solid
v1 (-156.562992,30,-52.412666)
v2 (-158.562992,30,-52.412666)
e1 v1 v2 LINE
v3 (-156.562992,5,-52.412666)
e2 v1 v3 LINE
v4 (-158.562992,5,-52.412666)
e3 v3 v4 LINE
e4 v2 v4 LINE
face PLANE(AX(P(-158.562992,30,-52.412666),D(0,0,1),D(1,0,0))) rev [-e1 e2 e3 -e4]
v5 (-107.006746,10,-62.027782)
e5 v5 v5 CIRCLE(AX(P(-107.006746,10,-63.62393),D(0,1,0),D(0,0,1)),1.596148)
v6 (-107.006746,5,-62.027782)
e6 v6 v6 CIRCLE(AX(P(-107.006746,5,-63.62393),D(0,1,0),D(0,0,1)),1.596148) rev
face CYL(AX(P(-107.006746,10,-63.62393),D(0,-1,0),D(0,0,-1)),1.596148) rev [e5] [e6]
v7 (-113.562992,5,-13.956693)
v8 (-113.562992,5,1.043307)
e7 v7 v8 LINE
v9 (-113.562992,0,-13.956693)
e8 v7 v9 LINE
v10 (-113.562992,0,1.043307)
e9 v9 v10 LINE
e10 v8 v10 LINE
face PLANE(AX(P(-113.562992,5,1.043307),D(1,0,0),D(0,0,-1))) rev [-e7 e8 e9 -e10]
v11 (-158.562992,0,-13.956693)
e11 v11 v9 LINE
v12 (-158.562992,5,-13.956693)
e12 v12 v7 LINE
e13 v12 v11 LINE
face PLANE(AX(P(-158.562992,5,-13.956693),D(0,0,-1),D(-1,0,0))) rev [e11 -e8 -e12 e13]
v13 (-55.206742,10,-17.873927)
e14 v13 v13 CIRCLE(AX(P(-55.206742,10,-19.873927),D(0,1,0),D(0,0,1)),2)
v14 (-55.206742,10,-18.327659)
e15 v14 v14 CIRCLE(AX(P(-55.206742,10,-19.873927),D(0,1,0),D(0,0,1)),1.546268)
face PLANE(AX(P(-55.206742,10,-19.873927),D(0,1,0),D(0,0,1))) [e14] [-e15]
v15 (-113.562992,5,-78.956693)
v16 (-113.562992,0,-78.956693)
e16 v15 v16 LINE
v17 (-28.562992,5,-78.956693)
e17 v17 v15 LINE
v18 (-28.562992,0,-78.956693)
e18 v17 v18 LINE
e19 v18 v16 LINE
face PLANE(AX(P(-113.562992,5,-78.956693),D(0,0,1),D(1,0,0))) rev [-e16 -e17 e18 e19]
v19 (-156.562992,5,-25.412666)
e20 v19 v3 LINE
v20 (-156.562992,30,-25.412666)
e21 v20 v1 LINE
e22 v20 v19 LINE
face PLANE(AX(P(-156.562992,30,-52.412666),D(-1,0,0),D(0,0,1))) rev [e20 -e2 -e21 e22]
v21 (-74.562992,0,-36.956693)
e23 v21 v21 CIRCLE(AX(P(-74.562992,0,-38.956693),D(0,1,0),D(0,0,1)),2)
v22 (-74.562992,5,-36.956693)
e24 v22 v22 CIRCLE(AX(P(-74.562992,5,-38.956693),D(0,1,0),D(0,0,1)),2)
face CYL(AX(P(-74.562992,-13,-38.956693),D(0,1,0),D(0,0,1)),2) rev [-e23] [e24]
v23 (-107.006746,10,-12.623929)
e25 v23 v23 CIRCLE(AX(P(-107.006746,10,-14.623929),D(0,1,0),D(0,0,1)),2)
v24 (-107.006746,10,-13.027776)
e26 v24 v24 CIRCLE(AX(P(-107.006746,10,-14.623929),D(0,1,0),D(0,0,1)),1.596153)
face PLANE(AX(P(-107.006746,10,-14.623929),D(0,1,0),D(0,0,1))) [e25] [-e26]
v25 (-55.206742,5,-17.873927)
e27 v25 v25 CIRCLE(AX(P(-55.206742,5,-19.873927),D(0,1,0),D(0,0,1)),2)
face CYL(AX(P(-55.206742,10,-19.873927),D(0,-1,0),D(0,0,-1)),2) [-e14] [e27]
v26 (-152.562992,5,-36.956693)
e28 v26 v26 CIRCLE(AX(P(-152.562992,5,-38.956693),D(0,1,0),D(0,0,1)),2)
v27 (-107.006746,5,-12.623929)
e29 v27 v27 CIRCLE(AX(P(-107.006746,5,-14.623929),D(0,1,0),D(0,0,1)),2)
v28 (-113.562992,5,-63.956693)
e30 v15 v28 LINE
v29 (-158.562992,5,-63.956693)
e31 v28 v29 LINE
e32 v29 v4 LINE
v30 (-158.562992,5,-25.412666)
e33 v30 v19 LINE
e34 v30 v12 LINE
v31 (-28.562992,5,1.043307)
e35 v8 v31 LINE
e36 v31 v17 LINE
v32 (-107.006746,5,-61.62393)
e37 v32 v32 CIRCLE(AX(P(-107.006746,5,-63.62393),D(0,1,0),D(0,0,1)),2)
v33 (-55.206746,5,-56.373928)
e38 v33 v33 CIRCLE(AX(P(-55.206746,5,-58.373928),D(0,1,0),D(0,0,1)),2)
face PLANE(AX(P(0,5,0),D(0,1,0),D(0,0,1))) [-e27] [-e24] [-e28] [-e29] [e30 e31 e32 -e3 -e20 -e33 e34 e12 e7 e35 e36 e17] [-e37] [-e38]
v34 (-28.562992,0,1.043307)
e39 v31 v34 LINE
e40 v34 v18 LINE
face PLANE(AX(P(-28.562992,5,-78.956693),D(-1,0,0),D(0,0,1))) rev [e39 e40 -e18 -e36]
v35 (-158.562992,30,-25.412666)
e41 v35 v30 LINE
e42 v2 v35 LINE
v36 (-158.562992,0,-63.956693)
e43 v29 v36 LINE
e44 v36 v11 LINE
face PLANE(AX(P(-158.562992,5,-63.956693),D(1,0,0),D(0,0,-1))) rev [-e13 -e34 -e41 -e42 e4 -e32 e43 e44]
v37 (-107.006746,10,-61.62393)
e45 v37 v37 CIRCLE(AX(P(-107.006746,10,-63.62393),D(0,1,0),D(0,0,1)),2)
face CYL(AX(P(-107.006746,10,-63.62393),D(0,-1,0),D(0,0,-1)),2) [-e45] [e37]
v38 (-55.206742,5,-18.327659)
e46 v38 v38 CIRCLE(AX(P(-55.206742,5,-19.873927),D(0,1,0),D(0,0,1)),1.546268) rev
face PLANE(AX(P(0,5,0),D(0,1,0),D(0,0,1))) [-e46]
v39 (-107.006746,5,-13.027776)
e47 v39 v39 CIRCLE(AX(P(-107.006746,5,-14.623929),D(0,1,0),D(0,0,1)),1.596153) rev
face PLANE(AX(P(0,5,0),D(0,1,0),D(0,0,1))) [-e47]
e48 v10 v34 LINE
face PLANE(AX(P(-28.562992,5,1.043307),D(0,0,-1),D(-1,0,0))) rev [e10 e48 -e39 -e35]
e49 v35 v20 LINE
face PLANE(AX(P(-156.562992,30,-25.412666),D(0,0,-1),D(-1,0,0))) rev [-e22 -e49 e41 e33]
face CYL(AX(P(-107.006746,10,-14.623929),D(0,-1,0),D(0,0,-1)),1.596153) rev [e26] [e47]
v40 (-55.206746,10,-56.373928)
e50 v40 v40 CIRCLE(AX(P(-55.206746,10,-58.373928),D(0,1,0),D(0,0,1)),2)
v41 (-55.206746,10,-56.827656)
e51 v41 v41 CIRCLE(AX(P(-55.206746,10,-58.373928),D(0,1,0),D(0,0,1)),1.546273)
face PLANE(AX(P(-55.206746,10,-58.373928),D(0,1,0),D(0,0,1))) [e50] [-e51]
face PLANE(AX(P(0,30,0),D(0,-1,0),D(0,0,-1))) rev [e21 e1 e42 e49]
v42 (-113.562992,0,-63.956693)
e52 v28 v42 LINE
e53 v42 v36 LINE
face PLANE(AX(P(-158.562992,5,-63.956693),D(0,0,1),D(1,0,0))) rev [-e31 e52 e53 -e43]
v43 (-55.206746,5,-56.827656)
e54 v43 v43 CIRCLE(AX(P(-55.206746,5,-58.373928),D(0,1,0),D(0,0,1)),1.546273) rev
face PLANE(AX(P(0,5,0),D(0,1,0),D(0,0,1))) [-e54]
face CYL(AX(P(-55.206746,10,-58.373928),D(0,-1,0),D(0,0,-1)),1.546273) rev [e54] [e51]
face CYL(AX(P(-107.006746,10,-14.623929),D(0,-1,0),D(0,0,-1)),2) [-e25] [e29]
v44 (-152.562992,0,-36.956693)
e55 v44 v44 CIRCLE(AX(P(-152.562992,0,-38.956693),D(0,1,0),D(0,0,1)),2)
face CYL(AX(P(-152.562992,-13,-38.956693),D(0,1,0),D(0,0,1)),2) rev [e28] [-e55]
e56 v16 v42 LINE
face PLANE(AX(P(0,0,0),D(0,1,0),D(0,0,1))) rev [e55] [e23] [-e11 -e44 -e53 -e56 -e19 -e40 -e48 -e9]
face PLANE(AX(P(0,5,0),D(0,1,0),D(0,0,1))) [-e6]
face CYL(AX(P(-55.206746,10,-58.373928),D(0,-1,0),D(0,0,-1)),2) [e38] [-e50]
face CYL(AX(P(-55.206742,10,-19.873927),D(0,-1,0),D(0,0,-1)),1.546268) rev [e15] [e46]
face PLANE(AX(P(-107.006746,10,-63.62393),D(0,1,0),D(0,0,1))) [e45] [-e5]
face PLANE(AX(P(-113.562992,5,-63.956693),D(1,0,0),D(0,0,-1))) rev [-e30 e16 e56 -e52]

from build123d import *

# Parameters (mm, degrees)
BOSS_EXTRUDE2_DEPTH = 5
SKETCH3_R           = 2
CUT_EXTRUDE1_DEPTH  = 18
SKETCH6_R           = 2
SKETCH6_R_2         = 1.596148068
SKETCH6_R_3         = 1.596152716
SKETCH6_R_4         = 1.546268175
SKETCH6_R_5         = 1.546272671
BOSS_EXTRUDE3_DEPTH = 5
SKETCH9_W           = 2
SKETCH9_H           = 27
BOSS_EXTRUDE5_DEPTH = 25


with BuildPart() as part:
    # Sketch2 → Boss-Extrude2 (new body)
    with BuildSketch(Plane(origin=(0, 0, 0), x_dir=(1, 0, 0), z_dir=(0, 1, 0))):
        Polygon((-113.562992126, 63.956692913), (-113.562992126, 78.956692913), (-28.562992126, 78.956692913), (-28.562992126, -1.043307087), (-113.562992126, -1.043307087), (-113.562992126, 13.956692913), (-158.562992126, 13.956692913), (-158.562992126, 63.956692913), align=None)
    extrude(amount=BOSS_EXTRUDE2_DEPTH)

    # Sketch3 → Cut-Extrude1 (cut)
    with BuildSketch(Plane(origin=(0, 5, 0), x_dir=(1, 0, 0), z_dir=(0, 1, 0))):
        with Locations(Location((-74.562992126, 38.956692913, 0), (0, 0, 270))):
            Circle(SKETCH3_R)
        with Locations(Location((-152.562992126, 38.956692913, 0), (0, 0, 270))):
            Circle(SKETCH3_R)
    extrude(amount=-CUT_EXTRUDE1_DEPTH, mode=Mode.SUBTRACT)

    # Sketch6 → Boss-Extrude3 (add)
    # profile 1 of 4: a face of its own
    with BuildSketch(Plane(origin=(0, 5, 0), x_dir=(1, 0, 0), z_dir=(0, 1, 0))):
        with Locations(Location((-107.006745746, 63.623929763, 0), (0, 0, 270))):
            Circle(SKETCH6_R)
        with Locations(Location((-107.006745746, 63.623929763, 0), (0, 0, 270))):
            Circle(SKETCH6_R_2, mode=Mode.SUBTRACT)
    # profile 2 of 4: a face of its own
    with BuildSketch(Plane(origin=(0, 5, 0), x_dir=(1, 0, 0), z_dir=(0, 1, 0))):
        with Locations(Location((-107.006746212, 14.623929182, 0), (0, 0, 270))):
            Circle(SKETCH6_R)
        with Locations(Location((-107.006746212, 14.623929182, 0), (0, 0, 270))):
            Circle(SKETCH6_R_3, mode=Mode.SUBTRACT)
    # profile 3 of 4: a face of its own
    with BuildSketch(Plane(origin=(0, 5, 0), x_dir=(1, 0, 0), z_dir=(0, 1, 0))):
        with Locations(Location((-55.206742331, 19.873926739, 0), (0, 0, 270))):
            Circle(SKETCH6_R)
        with Locations(Location((-55.206742331, 19.873926739, 0), (0, 0, 270))):
            Circle(SKETCH6_R_4, mode=Mode.SUBTRACT)
    # profile 4 of 4: a face of its own
    with BuildSketch(Plane(origin=(0, 5, 0), x_dir=(1, 0, 0), z_dir=(0, 1, 0))):
        with Locations(Location((-55.206746033, 58.373928486, 0), (0, 0, 270))):
            Circle(SKETCH6_R)
        with Locations(Location((-55.206746033, 58.373928486, 0), (0, 0, 270))):
            Circle(SKETCH6_R_5, mode=Mode.SUBTRACT)
    extrude(amount=BOSS_EXTRUDE3_DEPTH)

    # Sketch9 → Boss-Extrude5 (add)
    with BuildSketch(Plane(origin=(0, 5, 0), x_dir=(1, 0, 0), z_dir=(0, 1, 0))):
        with Locations((-157.562992126, 38.912665697)):
            Rectangle(SKETCH9_W, SKETCH9_H)
    extrude(amount=BOSS_EXTRUDE5_DEPTH)


solid = part.part
